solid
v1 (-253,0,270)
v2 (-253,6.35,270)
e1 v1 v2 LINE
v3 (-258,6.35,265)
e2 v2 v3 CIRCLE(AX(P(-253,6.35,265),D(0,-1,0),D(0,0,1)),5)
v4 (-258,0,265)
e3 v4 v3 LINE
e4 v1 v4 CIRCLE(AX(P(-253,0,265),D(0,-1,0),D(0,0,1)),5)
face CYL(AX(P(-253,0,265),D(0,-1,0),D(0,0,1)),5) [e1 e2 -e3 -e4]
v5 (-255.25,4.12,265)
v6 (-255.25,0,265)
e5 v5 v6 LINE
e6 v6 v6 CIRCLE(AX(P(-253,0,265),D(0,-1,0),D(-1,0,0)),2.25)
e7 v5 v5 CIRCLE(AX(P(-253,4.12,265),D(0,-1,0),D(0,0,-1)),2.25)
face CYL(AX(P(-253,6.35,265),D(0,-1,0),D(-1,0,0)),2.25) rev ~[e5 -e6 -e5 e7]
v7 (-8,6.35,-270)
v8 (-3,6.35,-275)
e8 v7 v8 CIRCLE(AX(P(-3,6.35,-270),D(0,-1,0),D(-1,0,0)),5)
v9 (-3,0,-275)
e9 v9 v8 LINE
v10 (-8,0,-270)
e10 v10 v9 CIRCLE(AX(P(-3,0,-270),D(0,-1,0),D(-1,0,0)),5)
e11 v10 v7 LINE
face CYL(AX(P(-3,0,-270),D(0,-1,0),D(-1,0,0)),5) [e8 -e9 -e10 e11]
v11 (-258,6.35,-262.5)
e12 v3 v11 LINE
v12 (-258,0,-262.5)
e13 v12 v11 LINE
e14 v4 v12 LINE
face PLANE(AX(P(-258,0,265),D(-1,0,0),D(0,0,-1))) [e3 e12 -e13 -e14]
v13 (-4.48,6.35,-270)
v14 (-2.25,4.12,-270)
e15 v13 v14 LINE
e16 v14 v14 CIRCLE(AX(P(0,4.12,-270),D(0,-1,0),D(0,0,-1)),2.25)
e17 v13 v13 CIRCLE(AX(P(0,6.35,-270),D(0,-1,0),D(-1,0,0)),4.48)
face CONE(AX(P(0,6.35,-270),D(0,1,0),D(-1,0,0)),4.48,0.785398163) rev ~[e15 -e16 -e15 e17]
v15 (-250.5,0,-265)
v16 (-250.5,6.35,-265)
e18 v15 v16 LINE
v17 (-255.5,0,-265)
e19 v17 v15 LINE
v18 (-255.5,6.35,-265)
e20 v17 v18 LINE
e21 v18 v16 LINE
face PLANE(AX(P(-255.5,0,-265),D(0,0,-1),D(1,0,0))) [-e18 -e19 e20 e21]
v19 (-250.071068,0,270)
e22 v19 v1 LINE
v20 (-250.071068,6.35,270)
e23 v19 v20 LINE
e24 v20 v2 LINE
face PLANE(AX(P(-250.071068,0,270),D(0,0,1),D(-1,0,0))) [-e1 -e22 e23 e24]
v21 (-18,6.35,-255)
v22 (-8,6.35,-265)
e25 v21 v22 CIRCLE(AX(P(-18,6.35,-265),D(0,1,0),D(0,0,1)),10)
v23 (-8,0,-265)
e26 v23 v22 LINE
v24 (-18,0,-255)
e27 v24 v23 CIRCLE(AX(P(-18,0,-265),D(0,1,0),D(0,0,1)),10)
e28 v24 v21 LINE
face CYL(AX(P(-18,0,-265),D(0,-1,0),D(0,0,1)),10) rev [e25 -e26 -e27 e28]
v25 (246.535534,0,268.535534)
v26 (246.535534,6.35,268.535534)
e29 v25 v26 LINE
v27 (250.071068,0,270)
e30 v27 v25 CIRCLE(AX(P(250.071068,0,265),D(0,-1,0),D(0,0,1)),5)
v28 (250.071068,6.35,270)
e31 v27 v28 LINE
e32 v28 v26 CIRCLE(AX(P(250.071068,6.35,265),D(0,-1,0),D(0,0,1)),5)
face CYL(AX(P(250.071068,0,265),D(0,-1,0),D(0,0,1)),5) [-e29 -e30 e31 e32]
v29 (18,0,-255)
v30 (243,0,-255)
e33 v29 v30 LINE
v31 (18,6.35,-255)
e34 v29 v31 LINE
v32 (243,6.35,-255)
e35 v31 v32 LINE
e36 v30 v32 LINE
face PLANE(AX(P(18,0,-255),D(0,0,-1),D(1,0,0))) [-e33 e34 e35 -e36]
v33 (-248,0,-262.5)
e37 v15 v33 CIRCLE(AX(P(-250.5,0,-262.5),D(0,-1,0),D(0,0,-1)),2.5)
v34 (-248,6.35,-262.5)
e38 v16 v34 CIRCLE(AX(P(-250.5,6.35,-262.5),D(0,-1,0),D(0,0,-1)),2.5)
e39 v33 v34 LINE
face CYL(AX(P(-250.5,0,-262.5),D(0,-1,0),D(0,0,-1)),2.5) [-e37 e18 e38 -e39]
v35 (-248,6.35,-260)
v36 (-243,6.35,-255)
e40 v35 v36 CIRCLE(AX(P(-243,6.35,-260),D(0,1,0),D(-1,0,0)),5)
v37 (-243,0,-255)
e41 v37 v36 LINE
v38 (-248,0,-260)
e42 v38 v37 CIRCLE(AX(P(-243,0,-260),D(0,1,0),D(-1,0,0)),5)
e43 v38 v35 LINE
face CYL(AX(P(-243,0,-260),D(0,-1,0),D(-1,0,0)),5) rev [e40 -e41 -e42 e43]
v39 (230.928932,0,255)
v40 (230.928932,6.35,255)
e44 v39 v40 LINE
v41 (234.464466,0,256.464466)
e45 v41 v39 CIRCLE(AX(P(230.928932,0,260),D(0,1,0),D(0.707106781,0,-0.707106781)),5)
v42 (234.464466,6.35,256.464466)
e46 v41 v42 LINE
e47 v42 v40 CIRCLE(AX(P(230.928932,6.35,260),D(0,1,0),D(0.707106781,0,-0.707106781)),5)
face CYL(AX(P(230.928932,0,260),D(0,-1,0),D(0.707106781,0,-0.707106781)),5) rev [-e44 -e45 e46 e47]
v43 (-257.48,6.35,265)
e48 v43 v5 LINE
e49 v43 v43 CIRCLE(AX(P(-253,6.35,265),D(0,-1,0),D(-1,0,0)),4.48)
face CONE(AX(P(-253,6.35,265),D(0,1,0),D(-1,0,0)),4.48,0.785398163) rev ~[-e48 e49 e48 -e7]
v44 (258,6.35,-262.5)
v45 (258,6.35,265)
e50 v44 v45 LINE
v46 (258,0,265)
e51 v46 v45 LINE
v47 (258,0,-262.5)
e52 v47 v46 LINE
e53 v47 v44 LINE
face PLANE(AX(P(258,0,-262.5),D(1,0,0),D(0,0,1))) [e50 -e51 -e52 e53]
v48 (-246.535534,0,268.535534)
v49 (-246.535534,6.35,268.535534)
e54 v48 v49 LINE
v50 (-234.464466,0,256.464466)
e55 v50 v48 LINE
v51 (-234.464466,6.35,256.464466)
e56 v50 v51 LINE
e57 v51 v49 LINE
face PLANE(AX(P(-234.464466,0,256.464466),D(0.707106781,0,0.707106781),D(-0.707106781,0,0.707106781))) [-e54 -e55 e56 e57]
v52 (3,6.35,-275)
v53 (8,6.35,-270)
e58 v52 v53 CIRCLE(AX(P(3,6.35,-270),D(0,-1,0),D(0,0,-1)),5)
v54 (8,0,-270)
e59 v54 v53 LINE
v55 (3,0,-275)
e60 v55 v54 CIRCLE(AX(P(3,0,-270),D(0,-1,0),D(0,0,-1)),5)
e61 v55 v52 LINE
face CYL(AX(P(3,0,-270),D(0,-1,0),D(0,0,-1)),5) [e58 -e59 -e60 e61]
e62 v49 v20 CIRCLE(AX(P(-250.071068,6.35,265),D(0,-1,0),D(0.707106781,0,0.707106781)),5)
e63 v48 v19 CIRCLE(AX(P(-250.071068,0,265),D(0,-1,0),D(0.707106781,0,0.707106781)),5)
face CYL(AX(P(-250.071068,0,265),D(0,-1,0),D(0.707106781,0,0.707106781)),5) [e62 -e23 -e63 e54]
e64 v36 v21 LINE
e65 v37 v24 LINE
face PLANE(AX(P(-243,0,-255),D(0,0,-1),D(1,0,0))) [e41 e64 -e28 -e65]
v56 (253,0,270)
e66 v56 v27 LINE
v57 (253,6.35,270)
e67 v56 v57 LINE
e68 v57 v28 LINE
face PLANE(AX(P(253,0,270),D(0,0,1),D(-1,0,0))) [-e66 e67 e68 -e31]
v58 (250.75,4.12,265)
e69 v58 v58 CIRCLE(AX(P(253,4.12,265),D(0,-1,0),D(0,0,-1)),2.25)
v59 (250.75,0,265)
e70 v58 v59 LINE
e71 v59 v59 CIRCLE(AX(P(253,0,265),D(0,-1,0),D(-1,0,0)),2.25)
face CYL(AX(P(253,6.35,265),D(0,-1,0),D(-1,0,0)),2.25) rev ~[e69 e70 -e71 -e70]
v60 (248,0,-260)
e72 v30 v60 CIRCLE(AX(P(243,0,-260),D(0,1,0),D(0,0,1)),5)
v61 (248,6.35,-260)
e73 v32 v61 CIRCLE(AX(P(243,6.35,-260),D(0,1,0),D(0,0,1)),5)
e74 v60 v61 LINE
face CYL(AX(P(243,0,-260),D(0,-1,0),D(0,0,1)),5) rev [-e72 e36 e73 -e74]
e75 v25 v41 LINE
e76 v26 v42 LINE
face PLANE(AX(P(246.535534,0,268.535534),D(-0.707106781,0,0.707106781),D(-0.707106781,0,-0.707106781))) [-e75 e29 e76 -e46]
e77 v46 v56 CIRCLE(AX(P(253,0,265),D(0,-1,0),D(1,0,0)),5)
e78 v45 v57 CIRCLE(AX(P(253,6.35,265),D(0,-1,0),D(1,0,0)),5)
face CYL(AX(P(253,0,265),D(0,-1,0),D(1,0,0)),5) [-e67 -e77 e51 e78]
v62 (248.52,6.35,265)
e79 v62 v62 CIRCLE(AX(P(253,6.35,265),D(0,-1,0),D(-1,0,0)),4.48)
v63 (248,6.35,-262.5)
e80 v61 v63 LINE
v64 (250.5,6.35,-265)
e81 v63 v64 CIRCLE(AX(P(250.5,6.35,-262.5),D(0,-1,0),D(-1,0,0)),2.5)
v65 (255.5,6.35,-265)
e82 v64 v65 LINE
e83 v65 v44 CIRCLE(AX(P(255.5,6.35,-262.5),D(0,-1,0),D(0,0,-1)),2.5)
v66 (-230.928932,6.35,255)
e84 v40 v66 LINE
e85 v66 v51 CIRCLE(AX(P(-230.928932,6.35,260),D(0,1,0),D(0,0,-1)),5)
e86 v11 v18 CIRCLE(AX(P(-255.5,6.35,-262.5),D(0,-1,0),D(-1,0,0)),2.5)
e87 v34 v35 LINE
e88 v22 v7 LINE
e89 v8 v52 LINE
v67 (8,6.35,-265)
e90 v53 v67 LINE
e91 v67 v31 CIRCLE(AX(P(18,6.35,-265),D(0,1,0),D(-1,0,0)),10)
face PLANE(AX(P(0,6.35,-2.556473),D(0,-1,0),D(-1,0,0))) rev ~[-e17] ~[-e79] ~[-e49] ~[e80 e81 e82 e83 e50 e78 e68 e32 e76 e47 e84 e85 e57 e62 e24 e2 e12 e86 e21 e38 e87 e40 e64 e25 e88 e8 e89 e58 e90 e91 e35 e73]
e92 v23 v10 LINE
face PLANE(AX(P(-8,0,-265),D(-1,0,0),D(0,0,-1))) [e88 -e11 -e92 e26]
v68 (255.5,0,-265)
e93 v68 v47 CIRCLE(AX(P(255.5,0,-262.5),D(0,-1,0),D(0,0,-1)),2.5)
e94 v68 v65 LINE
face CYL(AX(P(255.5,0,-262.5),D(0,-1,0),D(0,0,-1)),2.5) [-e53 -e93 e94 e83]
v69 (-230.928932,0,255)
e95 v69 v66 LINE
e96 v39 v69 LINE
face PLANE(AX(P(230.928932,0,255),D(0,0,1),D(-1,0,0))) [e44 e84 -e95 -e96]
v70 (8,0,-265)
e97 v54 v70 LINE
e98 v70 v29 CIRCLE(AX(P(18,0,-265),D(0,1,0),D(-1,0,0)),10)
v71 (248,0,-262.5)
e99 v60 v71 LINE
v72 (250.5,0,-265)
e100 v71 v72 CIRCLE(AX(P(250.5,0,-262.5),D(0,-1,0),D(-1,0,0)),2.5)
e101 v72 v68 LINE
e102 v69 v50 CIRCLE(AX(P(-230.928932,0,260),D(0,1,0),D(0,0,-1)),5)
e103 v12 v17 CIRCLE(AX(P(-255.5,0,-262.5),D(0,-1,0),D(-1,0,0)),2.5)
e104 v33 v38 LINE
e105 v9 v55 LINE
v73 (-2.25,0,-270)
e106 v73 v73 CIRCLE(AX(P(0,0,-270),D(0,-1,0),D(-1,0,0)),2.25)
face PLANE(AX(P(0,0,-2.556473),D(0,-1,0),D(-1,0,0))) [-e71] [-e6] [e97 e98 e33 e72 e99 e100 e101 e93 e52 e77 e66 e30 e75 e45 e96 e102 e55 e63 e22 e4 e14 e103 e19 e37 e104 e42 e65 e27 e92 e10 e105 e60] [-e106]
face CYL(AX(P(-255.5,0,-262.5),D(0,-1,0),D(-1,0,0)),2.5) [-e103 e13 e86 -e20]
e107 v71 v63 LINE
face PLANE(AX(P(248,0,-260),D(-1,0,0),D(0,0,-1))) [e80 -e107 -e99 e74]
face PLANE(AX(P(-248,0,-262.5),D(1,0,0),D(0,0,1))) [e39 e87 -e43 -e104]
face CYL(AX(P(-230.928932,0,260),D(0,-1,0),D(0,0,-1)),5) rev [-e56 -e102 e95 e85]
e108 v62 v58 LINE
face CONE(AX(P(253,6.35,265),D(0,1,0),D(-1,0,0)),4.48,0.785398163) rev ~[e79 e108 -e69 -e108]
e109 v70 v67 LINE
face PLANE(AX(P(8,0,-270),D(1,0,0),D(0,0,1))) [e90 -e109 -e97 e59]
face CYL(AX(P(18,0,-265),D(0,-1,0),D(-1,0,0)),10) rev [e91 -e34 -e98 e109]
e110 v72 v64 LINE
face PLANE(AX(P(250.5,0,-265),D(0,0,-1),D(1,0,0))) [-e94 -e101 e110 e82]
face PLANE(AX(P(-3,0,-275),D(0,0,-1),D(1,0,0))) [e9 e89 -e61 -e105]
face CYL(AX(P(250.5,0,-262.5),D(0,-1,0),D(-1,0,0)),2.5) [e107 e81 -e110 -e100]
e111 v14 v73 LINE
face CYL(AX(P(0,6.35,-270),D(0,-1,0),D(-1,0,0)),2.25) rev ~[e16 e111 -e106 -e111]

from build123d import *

# Parameters (mm, degrees)
BOSS_EXTRUDE1_DEPTH           = 6.35
CSK_FOR_M4_SFHCS1_D           = 4.5
CSK_FOR_M4_SFHCS1_CSINK_D     = 8.96
CSK_FOR_M4_SFHCS1_CSINK_ANGLE = 90


with BuildPart() as part:
    # Sketch1 → Boss-Extrude1 (new body)
    with BuildSketch(Plane(origin=(0, 0, 0), x_dir=(1, 0, 0), z_dir=(0, 1, 0))):
        with BuildLine():
            Line((230.928932188, -255), (-230.928932188, -255))
            ThreePointArc((-230.928932188, -255), (-232.84234935, -255.380602337), (-234.464466094, -256.464466094))
            Line((-234.464466094, -256.464466094), (-246.535533906, -268.535533906))
            ThreePointArc((-246.535533906, -268.535533906), (-248.15765065, -269.619397663), (-250.071067812, -270))
            Line((-250.071067812, -270), (-253, -270))
            ThreePointArc((-253, -270), (-256.535533906, -268.535533906), (-258, -265))
            Line((-258, -265), (-258, 262.5))
            ThreePointArc((-258, 262.5), (-257.267766953, 264.267766953), (-255.5, 265))
            Line((-255.5, 265), (-250.5, 265))
            ThreePointArc((-250.5, 265), (-248.732233047, 264.267766953), (-248, 262.5))
            Line((-248, 262.5), (-248, 260))
            ThreePointArc((-248, 260), (-246.535533906, 256.464466094), (-243, 255))
            Line((-243, 255), (-18, 255))
            ThreePointArc((-18, 255), (-10.928932188, 257.928932188), (-8, 265))
            Line((-8, 265), (-8, 270))
            ThreePointArc((-8, 270), (-6.535533906, 273.535533906), (-3, 275))
            Line((-3, 275), (3, 275))
            ThreePointArc((3, 275), (6.535533906, 273.535533906), (8, 270))
            Line((8, 270), (8, 265))
            ThreePointArc((8, 265), (10.928932188, 257.928932188), (18, 255))
            Line((18, 255), (243, 255))
            ThreePointArc((243, 255), (246.535533906, 256.464466094), (248, 260))
            Line((248, 260), (248, 262.5))
            ThreePointArc((248, 262.5), (248.732233047, 264.267766953), (250.5, 265))
            Line((250.5, 265), (255.5, 265))
            ThreePointArc((255.5, 265), (257.267766953, 264.267766953), (258, 262.5))
            Line((258, 262.5), (258, -265))
            ThreePointArc((258, -265), (256.535533906, -268.535533906), (253, -270))
            Line((253, -270), (250.071067812, -270))
            ThreePointArc((250.071067812, -270), (248.15765065, -269.619397663), (246.535533906, -268.535533906))
            Line((246.535533906, -268.535533906), (234.464466094, -256.464466094))
            ThreePointArc((234.464466094, -256.464466094), (232.84234935, -255.380602337), (230.928932188, -255))
        make_face()
    extrude(amount=BOSS_EXTRUDE1_DEPTH)

    # CSK for M4 SFHCS1 (through all)
    with Locations(Plane(origin=(0, 6.35, 0), x_dir=(1, 0, 0), z_dir=(0, 1, 0))):
        with Locations((0, 270), (253, -265), (-253, -265)):
            CounterSinkHole(CSK_FOR_M4_SFHCS1_D / 2, CSK_FOR_M4_SFHCS1_CSINK_D / 2, counter_sink_angle=CSK_FOR_M4_SFHCS1_CSINK_ANGLE)


solid = part.part
